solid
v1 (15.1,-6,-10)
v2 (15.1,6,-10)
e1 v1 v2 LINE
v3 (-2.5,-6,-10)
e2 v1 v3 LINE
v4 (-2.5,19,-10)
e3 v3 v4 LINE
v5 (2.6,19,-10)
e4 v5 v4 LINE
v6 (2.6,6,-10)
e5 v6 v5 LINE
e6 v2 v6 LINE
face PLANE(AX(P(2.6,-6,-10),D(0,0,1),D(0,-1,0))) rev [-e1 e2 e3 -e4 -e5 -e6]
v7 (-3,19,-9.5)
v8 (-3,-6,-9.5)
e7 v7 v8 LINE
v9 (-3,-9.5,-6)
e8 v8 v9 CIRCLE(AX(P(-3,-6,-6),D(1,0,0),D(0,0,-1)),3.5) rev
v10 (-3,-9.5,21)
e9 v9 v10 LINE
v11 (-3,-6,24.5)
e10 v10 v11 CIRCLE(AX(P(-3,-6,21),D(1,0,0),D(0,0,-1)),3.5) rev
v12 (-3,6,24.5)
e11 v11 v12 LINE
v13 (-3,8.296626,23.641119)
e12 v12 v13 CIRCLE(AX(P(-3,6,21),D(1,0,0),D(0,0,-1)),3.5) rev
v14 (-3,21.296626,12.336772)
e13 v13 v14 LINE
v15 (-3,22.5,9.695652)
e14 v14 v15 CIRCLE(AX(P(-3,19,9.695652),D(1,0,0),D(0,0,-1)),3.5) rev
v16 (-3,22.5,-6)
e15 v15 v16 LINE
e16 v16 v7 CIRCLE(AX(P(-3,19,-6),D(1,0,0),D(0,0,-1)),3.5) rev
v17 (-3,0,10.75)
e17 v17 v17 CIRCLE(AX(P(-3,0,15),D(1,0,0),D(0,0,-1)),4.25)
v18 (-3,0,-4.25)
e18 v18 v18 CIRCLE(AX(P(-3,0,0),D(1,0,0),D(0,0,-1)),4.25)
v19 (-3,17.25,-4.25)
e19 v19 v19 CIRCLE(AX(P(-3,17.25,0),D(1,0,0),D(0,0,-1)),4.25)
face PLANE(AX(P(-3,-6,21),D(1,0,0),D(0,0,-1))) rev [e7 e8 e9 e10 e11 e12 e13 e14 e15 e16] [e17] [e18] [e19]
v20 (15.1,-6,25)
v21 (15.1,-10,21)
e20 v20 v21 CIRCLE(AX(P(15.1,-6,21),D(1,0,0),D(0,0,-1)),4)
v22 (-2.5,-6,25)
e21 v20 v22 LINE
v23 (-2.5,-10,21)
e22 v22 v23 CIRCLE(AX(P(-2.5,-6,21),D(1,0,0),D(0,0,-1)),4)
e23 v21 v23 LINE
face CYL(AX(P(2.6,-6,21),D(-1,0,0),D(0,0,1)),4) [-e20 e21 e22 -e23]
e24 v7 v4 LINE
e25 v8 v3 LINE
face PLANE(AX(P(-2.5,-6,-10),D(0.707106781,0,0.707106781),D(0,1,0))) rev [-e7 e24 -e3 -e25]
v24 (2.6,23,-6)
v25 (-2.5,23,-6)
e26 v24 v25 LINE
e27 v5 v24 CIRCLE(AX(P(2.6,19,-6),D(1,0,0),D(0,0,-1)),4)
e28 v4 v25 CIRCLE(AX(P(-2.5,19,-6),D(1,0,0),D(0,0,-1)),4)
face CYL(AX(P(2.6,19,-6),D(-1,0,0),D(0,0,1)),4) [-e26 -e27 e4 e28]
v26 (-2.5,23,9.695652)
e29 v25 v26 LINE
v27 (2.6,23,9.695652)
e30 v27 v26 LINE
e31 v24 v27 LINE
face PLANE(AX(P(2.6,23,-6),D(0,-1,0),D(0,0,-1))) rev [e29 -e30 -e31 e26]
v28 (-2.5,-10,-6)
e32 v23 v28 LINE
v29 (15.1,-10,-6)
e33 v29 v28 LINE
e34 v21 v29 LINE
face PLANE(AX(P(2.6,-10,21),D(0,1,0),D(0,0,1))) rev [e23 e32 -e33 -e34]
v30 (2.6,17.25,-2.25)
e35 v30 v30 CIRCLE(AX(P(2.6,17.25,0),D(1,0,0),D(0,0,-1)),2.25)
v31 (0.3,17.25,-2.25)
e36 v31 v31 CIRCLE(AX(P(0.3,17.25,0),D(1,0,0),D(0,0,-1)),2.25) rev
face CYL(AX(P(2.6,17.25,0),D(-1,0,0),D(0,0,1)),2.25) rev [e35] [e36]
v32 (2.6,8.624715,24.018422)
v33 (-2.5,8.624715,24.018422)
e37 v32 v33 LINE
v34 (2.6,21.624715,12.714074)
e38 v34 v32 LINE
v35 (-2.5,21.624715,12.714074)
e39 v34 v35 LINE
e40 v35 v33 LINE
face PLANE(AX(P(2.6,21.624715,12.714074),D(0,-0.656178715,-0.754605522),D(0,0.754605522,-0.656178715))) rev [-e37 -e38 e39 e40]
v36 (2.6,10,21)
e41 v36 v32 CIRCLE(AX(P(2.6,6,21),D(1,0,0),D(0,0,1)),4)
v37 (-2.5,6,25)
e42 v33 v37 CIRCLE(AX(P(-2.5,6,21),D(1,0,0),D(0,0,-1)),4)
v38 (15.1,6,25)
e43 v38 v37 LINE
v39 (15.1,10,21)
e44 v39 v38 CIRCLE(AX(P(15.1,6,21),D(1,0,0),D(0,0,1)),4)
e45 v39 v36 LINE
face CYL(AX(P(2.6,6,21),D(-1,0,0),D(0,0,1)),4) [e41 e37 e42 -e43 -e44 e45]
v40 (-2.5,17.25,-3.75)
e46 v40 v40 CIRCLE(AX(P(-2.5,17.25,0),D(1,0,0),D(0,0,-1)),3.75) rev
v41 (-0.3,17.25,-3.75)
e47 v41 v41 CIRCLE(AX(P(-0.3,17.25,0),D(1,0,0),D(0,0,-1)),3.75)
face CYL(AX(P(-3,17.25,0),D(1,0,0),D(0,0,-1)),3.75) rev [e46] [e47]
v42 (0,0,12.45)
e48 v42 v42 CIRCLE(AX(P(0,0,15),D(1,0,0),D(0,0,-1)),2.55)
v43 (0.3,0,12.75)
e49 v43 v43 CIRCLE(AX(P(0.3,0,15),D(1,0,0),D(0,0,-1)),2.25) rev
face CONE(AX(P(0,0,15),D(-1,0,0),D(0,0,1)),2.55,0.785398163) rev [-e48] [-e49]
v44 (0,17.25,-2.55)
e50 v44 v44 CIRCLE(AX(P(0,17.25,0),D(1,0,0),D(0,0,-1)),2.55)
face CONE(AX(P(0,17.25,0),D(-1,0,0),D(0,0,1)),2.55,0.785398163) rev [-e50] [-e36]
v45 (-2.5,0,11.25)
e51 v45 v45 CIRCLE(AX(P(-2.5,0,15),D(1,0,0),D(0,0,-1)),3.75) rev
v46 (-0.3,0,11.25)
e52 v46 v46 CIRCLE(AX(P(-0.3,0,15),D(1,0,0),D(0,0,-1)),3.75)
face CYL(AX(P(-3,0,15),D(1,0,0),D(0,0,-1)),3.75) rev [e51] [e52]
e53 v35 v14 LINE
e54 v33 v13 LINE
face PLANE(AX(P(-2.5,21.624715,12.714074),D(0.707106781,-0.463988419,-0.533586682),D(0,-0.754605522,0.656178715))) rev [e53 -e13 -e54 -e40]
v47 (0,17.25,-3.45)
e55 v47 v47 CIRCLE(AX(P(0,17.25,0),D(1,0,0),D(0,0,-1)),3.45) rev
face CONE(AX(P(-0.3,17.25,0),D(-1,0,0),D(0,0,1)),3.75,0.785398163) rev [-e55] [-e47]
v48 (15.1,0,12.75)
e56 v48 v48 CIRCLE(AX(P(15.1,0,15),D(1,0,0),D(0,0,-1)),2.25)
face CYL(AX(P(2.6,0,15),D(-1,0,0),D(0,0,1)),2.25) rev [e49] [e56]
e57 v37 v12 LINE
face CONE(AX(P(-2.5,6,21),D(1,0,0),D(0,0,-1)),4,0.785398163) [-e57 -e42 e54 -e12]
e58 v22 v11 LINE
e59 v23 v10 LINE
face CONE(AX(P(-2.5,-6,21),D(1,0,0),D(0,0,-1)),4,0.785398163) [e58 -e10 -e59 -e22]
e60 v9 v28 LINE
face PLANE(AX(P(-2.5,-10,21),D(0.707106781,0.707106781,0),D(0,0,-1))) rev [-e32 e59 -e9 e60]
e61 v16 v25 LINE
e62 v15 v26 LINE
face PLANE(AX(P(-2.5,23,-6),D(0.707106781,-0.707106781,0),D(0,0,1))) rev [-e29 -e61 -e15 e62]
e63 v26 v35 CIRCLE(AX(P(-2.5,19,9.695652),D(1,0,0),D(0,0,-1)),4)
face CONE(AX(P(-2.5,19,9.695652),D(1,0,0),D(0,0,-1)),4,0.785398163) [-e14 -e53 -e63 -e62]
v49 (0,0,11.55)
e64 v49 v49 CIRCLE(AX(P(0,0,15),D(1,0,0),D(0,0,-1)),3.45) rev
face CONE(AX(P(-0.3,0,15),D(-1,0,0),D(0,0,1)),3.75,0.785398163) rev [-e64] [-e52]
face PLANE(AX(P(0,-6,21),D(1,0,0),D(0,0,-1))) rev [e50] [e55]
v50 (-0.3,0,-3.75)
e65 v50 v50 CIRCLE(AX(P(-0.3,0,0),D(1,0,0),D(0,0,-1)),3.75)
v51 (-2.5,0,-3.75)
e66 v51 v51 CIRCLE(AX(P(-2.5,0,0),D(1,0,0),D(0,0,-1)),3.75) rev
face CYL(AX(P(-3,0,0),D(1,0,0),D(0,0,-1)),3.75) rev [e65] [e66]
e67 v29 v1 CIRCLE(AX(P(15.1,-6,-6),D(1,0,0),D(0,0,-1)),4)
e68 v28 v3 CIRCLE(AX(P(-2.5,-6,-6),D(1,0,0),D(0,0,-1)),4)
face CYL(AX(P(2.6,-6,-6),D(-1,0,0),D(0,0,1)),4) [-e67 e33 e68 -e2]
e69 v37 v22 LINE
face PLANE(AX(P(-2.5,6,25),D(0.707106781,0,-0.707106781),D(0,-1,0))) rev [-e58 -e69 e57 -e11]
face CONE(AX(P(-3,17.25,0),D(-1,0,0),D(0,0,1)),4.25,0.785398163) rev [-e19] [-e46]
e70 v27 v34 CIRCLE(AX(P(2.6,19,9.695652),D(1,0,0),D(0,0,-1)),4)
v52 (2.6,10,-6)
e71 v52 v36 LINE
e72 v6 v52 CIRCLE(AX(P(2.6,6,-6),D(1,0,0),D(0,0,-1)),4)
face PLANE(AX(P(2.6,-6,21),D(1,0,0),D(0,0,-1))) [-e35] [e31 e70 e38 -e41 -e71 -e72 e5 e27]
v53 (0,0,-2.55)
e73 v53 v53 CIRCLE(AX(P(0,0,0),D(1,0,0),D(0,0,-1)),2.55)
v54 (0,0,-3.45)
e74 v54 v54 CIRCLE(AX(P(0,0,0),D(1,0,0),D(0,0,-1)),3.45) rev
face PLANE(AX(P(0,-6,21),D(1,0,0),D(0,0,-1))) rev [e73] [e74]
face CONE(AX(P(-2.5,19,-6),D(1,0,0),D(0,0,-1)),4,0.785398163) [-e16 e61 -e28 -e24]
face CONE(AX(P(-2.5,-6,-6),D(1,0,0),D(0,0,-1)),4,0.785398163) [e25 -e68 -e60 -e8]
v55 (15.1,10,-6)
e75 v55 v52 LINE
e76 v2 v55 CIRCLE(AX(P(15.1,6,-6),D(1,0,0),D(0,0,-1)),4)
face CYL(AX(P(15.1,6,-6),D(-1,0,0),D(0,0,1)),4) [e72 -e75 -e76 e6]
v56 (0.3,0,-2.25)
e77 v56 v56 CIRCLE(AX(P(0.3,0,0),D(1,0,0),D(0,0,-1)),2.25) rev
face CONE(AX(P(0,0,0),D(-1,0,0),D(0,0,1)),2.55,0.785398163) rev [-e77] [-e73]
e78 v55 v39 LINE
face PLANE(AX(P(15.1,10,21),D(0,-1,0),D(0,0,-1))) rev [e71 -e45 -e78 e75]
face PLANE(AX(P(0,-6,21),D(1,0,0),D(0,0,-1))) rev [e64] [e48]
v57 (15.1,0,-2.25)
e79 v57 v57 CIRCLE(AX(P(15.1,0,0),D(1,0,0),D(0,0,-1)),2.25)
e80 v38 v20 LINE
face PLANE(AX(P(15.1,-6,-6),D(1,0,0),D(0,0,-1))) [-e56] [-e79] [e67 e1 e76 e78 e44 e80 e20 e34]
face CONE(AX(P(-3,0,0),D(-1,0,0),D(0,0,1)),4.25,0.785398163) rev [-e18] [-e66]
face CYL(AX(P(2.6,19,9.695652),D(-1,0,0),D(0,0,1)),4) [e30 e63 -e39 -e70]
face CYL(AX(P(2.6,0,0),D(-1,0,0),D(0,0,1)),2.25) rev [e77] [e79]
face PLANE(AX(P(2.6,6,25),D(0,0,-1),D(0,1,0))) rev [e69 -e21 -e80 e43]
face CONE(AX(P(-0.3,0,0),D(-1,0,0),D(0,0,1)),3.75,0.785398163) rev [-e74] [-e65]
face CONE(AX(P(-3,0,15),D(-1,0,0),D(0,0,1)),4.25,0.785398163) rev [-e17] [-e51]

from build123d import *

# Parameters (mm, degrees)
SKETCH1_R           = 2.25
BOSS_EXTRUDE1_DEPTH = 2.6
BOSS_EXTRUDE3_START = -3
SKETCH3_R           = 3.75
BOSS_EXTRUDE3_DEPTH = 3
CHAMFER2_SIZE       = 0.3
CHAMFER3_SIZE       = 0.5
SKETCH4_R           = 2.25
BOSS_EXTRUDE4_DEPTH = 12.5


with BuildPart() as part:
    # Sketch1 → Boss-Extrude1 (new body)
    with BuildSketch(Plane(origin=(0, 0, 0), x_dir=(0, 0, -1), z_dir=(1, 0, 0))):
        with BuildLine():
            Line((-21, -10), (6, -10))
            ThreePointArc((6, -10), (8.828427125, -8.828427125), (10, -6))
            Line((10, -6), (10, 19))
            ThreePointArc((10, 19), (8.828427125, 21.828427125), (6, 23))
            Line((6, 23), (-9.695652174, 23))
            ThreePointArc((-9.695652174, 23), (-11.354136506, 22.63997661), (-12.714074263, 21.62471486))
            Line((-12.714074263, 21.62471486), (-24.018422089, 8.62471486))
            ThreePointArc((-24.018422089, 8.62471486), (-24.746577662, 7.401126626), (-25, 6))
            Line((-25, 6), (-25, -6))
            ThreePointArc((-25, -6), (-23.828427125, -8.828427125), (-21, -10))
        make_face()
        with Locations((-15, 0)):
            Circle(SKETCH1_R, mode=Mode.SUBTRACT)
        with Locations((0, 17.25)):
            Circle(SKETCH1_R, mode=Mode.SUBTRACT)
        Circle(SKETCH1_R, mode=Mode.SUBTRACT)
    extrude(amount=BOSS_EXTRUDE1_DEPTH)

    # Sketch3 → Boss-Extrude3 (add)
    with BuildSketch(Plane(origin=(0, 0, 0), x_dir=(0, 0, -1), z_dir=(1, 0, 0)).offset(BOSS_EXTRUDE3_START)):
        with BuildLine():
            Line((-21, -10), (6, -10))
            ThreePointArc((6, -10), (8.828427125, -8.828427125), (10, -6))
            Line((10, -6), (10, 19))
            ThreePointArc((10, 19), (8.828427125, 21.828427125), (6, 23))
            Line((6, 23), (-9.695652174, 23))
            ThreePointArc((-9.695652174, 23), (-11.354136506, 22.63997661), (-12.714074263, 21.62471486))
            Line((-12.714074263, 21.62471486), (-24.018422089, 8.62471486))
            ThreePointArc((-24.018422089, 8.62471486), (-24.746577662, 7.401126626), (-25, 6))
            Line((-25, 6), (-25, -6))
            ThreePointArc((-25, -6), (-23.828427125, -8.828427125), (-21, -10))
        make_face()
        with Locations((-15, 0)):
            Circle(SKETCH3_R, mode=Mode.SUBTRACT)
        Circle(SKETCH3_R, mode=Mode.SUBTRACT)
        with Locations((0, 17.25)):
            Circle(SKETCH3_R, mode=Mode.SUBTRACT)
    extrude(amount=BOSS_EXTRUDE3_DEPTH)

    # Chamfer2
    chamfer2_edges = [part.edges().sort_by_distance(p)[0] for p in [
        (0, 0, 17.25),
        (0, 17.25, 2.25),
        (0, 0, 2.25),
        (0, 0, 18.75),
        (0, 0, 3.75),
        (0, 17.25, 3.75),
    ]]
    chamfer(chamfer2_edges, length=CHAMFER2_SIZE)

    # Chamfer3
    chamfer3_edges = [part.edges().sort_by_distance(p)[0] for p in [
        (-3, -8.828427125, 23.828427125),
        (-3, 0, 25),
        (-3, 7.401126626, 24.746577662),
        (-3, 15.12471486, 18.366248176),
        (-3, 22.63997661, 11.354136506),
        (-3, 23, 1.847826087),
        (-3, 21.828427125, -8.828427125),
        (-3, 6.5, -10),
        (-3, -8.828427125, -8.828427125),
        (-3, -10, 7.5),
        (-3, 17.25, 3.75),
        (-3, 0, 3.75),
        (-3, 0, 18.75),
    ]]
    chamfer(chamfer3_edges, length=CHAMFER3_SIZE)

    # Sketch4 → Boss-Extrude4 (add)
    with BuildSketch(Plane(origin=(2.6, 0, 0), x_dir=(0, 0, -1), z_dir=(1, 0, 0))):
        with BuildLine():
            Line((-21, -10), (6, -10))
            ThreePointArc((6, -10), (8.828427125, -8.828427125), (10, -6))
            Line((10, -6), (10, 6))
            ThreePointArc((10, 6), (8.828427125, 8.828427125), (6, 10))
            Line((6, 10), (-21, 10))
            ThreePointArc((-21, 10), (-23.828427125, 8.828427125), (-25, 6))
            Line((-25, 6), (-25, -6))
            ThreePointArc((-25, -6), (-23.828427125, -8.828427125), (-21, -10))
        make_face()
        Circle(SKETCH4_R, mode=Mode.SUBTRACT)
        with Locations((-15, 0)):
            Circle(SKETCH4_R, mode=Mode.SUBTRACT)
    extrude(amount=BOSS_EXTRUDE4_DEPTH)


solid = part.part
